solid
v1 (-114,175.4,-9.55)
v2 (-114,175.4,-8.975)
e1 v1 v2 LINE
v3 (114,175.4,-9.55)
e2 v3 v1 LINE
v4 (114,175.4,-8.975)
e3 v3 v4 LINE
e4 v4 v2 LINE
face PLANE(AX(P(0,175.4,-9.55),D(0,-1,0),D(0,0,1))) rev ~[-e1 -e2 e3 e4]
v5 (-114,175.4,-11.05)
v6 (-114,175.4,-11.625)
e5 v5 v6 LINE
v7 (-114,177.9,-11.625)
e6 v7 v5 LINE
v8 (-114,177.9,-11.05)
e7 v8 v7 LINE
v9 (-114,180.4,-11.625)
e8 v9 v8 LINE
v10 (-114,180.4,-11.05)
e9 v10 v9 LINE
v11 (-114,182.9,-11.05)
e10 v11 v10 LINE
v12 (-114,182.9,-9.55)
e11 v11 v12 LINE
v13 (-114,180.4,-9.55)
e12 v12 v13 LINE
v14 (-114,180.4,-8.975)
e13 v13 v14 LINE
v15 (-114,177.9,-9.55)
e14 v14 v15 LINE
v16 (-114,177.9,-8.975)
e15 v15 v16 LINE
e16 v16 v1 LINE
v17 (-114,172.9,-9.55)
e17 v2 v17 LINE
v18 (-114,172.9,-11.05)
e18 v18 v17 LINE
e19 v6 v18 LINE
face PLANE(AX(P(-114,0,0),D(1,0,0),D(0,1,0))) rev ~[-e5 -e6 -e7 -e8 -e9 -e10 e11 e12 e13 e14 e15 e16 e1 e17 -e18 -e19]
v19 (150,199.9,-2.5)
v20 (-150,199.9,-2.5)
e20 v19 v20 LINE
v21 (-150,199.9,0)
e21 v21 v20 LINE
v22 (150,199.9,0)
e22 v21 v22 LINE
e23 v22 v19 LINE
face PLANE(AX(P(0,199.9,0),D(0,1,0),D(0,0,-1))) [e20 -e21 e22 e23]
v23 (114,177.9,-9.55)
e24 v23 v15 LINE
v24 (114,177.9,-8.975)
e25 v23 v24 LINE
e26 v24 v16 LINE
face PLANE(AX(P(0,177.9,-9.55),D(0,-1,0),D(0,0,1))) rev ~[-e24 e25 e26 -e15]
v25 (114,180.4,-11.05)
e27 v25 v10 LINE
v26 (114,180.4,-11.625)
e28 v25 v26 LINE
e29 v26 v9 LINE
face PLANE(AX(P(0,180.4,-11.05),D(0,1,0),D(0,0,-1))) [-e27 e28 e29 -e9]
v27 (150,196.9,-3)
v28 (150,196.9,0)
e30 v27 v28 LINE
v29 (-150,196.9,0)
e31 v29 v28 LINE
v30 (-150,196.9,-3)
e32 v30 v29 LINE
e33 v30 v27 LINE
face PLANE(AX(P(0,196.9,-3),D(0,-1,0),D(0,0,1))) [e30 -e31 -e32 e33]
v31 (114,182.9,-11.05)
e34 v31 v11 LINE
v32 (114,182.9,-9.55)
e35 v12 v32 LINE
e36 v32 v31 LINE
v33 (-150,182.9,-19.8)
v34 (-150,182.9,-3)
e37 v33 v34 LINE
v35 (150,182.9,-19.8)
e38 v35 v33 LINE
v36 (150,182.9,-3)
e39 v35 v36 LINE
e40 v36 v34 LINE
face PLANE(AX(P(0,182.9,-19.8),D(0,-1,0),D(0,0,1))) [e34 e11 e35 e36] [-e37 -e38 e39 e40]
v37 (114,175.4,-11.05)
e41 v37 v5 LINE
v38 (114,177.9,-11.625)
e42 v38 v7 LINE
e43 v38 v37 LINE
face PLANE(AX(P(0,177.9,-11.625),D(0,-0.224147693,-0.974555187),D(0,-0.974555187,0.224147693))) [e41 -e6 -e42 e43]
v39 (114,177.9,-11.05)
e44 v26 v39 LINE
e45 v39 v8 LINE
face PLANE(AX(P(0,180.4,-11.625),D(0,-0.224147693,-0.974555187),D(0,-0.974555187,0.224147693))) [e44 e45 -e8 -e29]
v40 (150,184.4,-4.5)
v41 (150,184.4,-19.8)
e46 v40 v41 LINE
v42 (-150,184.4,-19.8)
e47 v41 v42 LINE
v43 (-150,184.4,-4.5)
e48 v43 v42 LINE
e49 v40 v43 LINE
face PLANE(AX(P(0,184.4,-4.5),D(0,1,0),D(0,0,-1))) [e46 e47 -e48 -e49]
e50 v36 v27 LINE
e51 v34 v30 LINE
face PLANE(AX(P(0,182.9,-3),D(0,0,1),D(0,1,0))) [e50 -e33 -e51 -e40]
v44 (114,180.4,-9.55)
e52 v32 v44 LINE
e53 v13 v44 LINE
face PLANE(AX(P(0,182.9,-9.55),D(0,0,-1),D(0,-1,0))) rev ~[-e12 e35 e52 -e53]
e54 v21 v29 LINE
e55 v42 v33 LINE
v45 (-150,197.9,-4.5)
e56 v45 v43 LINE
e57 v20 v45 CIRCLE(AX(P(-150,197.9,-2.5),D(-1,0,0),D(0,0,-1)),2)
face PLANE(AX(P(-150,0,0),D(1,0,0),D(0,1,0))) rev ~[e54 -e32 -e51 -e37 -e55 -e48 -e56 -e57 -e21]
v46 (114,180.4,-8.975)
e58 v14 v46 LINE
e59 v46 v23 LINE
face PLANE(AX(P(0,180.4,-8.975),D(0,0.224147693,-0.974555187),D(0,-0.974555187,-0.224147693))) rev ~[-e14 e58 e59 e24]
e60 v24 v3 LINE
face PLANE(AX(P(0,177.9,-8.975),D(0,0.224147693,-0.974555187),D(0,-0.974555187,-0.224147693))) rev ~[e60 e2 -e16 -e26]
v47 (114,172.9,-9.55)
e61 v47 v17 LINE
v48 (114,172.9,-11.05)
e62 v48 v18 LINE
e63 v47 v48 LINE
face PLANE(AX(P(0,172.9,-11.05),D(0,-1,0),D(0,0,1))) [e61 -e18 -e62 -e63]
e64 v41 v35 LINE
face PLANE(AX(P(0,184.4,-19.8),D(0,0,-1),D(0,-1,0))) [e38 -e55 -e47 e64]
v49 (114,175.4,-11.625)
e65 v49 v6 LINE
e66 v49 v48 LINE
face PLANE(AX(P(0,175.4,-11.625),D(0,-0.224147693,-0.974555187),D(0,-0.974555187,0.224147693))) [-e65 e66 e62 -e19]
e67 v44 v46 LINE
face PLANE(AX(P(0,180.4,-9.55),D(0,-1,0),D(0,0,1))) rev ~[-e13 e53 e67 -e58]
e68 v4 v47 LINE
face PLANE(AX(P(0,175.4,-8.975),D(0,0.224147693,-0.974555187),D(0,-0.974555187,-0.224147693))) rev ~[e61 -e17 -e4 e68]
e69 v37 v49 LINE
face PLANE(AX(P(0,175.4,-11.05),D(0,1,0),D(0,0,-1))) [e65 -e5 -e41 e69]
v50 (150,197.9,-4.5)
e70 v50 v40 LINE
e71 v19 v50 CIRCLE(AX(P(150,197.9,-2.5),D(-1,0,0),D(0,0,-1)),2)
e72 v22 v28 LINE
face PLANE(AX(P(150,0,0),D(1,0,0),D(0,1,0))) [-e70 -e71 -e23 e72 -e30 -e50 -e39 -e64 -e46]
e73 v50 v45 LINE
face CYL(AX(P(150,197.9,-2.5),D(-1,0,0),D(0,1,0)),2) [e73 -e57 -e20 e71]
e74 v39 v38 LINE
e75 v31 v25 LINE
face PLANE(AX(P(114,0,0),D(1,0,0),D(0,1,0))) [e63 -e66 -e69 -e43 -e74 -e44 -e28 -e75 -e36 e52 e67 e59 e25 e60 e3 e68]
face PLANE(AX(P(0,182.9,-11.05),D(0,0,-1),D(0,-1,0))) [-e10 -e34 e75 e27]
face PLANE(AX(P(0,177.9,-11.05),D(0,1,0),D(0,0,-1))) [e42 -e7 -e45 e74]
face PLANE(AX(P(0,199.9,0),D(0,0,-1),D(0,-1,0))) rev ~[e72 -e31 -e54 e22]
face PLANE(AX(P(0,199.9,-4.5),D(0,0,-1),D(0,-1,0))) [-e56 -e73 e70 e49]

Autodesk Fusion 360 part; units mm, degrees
sketch "Facade" plane through (0, 0, 0) normal (0, 0, 1) x (1, 0, 0)
  line L0 (150, -200) -> (-150, -200)
  line L1 (-150, -200) -> (-150, 200)
  line L2 (-150, 200) -> (150, 200)
  line L3 (150, 200) -> (150, -200)
  line L4 (150, -200) -> (-150, 200) construction
  line L5 (-150, -200) -> (150, 200) construction
  dimension "d4" = 400
  dimension "d5" = 300
sketch "Sketch2" plane through (0, 0, 0) normal (1, 0, 0) x (0, 1, 0)
  line L0 (199.9, 0) -> (199.9, -4.5)
  line L1 (199.9, -4.5) -> (184.4, -4.5)
  line L2 (184.4, -4.5) -> (184.4, -19.8)
  line L3 (184.4, -19.8) -> (182.9, -19.8)
  line L4 (182.9, -19.8) -> (182.9, -3)
  line L5 (182.9, -3) -> (196.9, -3)
  line L6 (196.9, -3) -> (196.9, 0)
  line L7 (199.9, 0) -> (196.9, 0)
  point P0 (200, 0)
  dimension "Gap" = 0.1
  dimension "d7" = 3
  dimension "d8" = 1.5
  dimension "d9" = 14
  dimension "d10" = 19.8
  dimension "d11" = 3
  dimension "d13" = 1.5
extrude "Extrude1" add sketch "Sketch2" along normal mid plane 300 makes body 1
sketch "Sketch4" plane through (0, 0, 0) normal (1, 0, 0) x (0, 1, 0)
  line L0 (188.9002, -10.3) -> (164.1797, -10.3)
  line L1 (184.4, -19.8) -> (182.9, -19.8)
  line L2 (182.9, -11.05) -> (180.4, -11.05)
  line L3 (180.4, -11.05) -> (180.4, -11.625)
  line L4 (180.4, -11.625) -> (177.9, -11.05)
  line L5 (177.9, -11.05) -> (177.9, -11.625)
  line L6 (177.9, -11.625) -> (175.4, -11.05)
  line L7 (175.4, -11.05) -> (175.4, -11.625)
  line L8 (175.4, -11.625) -> (172.9, -11.05)
  line L9 (172.9, -11.05) -> (172.9, -10.3)
  line L10 (180.4, -9.55) -> (180.4, -8.975)
  line L11 (175.4, -8.975) -> (172.9, -9.55)
  line L12 (177.9, -9.55) -> (177.9, -8.975)
  line L13 (180.4, -8.975) -> (177.9, -9.55)
  line L14 (175.4, -9.55) -> (175.4, -8.975)
  line L15 (182.9, -9.55) -> (180.4, -9.55)
  line L16 (177.9, -8.975) -> (175.4, -9.55)
  line L17 (172.9, -9.55) -> (172.9, -10.3)
  line L18 (182.9, -19.8) -> (182.9, -3)
  dimension "d26" = 9.5
  dimension "d27" = 1.5
  dimension "d28" = 2.65
  dimension "d29" = 2.5
  dimension "d30" = 2.5
extrude "Extrude2" add sketch "Sketch4" along normal mid plane 228 bodies 1
fillet "Fillet1" radius 2 1 edges at (0, 199.9, -4.5) on bodies 1
sketch "Sketch5" plane through (0, 0, 0) normal (1, 0, 0) x (0, 1, 0)
  line L0 (200, -19) -> (182.9, -19)
  line L1 (182.9, -19) -> (182.9, -3)
  line L2 (182.9, -3) -> (200, -3)
  line L3 (200, -3) -> (200, -19)
  line L4 (182.9, -19.8) -> (182.9, -3)
  line L5 (182.9, -3) -> (196.9, -3)
  line L6 (-200, 0) -> (200, 0)
  line L7 (200, -3) -> (196.9, -3)
  line L8 (196.9, -3) -> (196.9, 0)
  line L9 (196.9, 0) -> (200, 0)
  line L10 (200, 0) -> (200, -3)
  line L11 (196.9, -3) -> (196.9, 0)
  point P0 (200, 0)
  dimension "FacadeThickness" = 19
extrude "Extrude3" add sketch "Sketch5" along normal mid plane 300 separate body makes body 2
sketch "Sketch6" plane through (0, 0, 0) normal (1, 0, 0) x (0, 1, 0)
  line L0 (171.9, -9.3) -> (182.9, -9.3)
  line L1 (182.9, -9.3) -> (182.9, -11.3)
  line L2 (182.9, -11.3) -> (171.9, -11.3)
  line L3 (171.9, -11.3) -> (171.9, -9.3)
  line L4 (171.9, -9.3) -> (182.9, -11.3) construction
  line L5 (182.9, -9.3) -> (171.9, -11.3) construction
  line L6 (172.9, -11.05) -> (172.9, -9.55)
  line L7 (182.9, -19) -> (182.9, -3)
  point P0 (177.4, -10.3)
  point P1 (172.9, -10.3)
  dimension "d39" = 2
  dimension "d40" = 1
extrude "Extrude4" add sketch "Sketch6" along normal mid plane 298 bodies 2
extrude "Extrude5" add 1 faces at (-150, 193.2667, -13.6667) along direction (-1, 0, 0) blind 0.01 on bodies 2 bodies 2
extrude "Extrude6" add 1 faces at (150, 193.2667, -13.6667) along direction (1, 0, 0) blind 0.01 on bodies 2 bodies 2
hidden bodies 2
equation "FacadeWidth = 300 mm"
equation "FacadeHeight = 400 mm"
equation "Shortening = 36 mm"
equation "d4 = FacadeHeight"
equation "d5 = FacadeWidth"
equation "Gap = 0.1 mm" comment "If gap is needed, please enter 20 mm"
equation "d8 = Thickness"
equation "Thickness = 1.5 mm"
equation "d13 = Thickness"
equation "d24 = FacadeWidth"
equation "d30 = d29"
equation "d31 = FacadeWidth - Shortening * 2"
equation "d37 = FacadeWidth"
equation "d41 = FacadeWidth - 2 mm"
properties part number "Hafele 126.35.945"
